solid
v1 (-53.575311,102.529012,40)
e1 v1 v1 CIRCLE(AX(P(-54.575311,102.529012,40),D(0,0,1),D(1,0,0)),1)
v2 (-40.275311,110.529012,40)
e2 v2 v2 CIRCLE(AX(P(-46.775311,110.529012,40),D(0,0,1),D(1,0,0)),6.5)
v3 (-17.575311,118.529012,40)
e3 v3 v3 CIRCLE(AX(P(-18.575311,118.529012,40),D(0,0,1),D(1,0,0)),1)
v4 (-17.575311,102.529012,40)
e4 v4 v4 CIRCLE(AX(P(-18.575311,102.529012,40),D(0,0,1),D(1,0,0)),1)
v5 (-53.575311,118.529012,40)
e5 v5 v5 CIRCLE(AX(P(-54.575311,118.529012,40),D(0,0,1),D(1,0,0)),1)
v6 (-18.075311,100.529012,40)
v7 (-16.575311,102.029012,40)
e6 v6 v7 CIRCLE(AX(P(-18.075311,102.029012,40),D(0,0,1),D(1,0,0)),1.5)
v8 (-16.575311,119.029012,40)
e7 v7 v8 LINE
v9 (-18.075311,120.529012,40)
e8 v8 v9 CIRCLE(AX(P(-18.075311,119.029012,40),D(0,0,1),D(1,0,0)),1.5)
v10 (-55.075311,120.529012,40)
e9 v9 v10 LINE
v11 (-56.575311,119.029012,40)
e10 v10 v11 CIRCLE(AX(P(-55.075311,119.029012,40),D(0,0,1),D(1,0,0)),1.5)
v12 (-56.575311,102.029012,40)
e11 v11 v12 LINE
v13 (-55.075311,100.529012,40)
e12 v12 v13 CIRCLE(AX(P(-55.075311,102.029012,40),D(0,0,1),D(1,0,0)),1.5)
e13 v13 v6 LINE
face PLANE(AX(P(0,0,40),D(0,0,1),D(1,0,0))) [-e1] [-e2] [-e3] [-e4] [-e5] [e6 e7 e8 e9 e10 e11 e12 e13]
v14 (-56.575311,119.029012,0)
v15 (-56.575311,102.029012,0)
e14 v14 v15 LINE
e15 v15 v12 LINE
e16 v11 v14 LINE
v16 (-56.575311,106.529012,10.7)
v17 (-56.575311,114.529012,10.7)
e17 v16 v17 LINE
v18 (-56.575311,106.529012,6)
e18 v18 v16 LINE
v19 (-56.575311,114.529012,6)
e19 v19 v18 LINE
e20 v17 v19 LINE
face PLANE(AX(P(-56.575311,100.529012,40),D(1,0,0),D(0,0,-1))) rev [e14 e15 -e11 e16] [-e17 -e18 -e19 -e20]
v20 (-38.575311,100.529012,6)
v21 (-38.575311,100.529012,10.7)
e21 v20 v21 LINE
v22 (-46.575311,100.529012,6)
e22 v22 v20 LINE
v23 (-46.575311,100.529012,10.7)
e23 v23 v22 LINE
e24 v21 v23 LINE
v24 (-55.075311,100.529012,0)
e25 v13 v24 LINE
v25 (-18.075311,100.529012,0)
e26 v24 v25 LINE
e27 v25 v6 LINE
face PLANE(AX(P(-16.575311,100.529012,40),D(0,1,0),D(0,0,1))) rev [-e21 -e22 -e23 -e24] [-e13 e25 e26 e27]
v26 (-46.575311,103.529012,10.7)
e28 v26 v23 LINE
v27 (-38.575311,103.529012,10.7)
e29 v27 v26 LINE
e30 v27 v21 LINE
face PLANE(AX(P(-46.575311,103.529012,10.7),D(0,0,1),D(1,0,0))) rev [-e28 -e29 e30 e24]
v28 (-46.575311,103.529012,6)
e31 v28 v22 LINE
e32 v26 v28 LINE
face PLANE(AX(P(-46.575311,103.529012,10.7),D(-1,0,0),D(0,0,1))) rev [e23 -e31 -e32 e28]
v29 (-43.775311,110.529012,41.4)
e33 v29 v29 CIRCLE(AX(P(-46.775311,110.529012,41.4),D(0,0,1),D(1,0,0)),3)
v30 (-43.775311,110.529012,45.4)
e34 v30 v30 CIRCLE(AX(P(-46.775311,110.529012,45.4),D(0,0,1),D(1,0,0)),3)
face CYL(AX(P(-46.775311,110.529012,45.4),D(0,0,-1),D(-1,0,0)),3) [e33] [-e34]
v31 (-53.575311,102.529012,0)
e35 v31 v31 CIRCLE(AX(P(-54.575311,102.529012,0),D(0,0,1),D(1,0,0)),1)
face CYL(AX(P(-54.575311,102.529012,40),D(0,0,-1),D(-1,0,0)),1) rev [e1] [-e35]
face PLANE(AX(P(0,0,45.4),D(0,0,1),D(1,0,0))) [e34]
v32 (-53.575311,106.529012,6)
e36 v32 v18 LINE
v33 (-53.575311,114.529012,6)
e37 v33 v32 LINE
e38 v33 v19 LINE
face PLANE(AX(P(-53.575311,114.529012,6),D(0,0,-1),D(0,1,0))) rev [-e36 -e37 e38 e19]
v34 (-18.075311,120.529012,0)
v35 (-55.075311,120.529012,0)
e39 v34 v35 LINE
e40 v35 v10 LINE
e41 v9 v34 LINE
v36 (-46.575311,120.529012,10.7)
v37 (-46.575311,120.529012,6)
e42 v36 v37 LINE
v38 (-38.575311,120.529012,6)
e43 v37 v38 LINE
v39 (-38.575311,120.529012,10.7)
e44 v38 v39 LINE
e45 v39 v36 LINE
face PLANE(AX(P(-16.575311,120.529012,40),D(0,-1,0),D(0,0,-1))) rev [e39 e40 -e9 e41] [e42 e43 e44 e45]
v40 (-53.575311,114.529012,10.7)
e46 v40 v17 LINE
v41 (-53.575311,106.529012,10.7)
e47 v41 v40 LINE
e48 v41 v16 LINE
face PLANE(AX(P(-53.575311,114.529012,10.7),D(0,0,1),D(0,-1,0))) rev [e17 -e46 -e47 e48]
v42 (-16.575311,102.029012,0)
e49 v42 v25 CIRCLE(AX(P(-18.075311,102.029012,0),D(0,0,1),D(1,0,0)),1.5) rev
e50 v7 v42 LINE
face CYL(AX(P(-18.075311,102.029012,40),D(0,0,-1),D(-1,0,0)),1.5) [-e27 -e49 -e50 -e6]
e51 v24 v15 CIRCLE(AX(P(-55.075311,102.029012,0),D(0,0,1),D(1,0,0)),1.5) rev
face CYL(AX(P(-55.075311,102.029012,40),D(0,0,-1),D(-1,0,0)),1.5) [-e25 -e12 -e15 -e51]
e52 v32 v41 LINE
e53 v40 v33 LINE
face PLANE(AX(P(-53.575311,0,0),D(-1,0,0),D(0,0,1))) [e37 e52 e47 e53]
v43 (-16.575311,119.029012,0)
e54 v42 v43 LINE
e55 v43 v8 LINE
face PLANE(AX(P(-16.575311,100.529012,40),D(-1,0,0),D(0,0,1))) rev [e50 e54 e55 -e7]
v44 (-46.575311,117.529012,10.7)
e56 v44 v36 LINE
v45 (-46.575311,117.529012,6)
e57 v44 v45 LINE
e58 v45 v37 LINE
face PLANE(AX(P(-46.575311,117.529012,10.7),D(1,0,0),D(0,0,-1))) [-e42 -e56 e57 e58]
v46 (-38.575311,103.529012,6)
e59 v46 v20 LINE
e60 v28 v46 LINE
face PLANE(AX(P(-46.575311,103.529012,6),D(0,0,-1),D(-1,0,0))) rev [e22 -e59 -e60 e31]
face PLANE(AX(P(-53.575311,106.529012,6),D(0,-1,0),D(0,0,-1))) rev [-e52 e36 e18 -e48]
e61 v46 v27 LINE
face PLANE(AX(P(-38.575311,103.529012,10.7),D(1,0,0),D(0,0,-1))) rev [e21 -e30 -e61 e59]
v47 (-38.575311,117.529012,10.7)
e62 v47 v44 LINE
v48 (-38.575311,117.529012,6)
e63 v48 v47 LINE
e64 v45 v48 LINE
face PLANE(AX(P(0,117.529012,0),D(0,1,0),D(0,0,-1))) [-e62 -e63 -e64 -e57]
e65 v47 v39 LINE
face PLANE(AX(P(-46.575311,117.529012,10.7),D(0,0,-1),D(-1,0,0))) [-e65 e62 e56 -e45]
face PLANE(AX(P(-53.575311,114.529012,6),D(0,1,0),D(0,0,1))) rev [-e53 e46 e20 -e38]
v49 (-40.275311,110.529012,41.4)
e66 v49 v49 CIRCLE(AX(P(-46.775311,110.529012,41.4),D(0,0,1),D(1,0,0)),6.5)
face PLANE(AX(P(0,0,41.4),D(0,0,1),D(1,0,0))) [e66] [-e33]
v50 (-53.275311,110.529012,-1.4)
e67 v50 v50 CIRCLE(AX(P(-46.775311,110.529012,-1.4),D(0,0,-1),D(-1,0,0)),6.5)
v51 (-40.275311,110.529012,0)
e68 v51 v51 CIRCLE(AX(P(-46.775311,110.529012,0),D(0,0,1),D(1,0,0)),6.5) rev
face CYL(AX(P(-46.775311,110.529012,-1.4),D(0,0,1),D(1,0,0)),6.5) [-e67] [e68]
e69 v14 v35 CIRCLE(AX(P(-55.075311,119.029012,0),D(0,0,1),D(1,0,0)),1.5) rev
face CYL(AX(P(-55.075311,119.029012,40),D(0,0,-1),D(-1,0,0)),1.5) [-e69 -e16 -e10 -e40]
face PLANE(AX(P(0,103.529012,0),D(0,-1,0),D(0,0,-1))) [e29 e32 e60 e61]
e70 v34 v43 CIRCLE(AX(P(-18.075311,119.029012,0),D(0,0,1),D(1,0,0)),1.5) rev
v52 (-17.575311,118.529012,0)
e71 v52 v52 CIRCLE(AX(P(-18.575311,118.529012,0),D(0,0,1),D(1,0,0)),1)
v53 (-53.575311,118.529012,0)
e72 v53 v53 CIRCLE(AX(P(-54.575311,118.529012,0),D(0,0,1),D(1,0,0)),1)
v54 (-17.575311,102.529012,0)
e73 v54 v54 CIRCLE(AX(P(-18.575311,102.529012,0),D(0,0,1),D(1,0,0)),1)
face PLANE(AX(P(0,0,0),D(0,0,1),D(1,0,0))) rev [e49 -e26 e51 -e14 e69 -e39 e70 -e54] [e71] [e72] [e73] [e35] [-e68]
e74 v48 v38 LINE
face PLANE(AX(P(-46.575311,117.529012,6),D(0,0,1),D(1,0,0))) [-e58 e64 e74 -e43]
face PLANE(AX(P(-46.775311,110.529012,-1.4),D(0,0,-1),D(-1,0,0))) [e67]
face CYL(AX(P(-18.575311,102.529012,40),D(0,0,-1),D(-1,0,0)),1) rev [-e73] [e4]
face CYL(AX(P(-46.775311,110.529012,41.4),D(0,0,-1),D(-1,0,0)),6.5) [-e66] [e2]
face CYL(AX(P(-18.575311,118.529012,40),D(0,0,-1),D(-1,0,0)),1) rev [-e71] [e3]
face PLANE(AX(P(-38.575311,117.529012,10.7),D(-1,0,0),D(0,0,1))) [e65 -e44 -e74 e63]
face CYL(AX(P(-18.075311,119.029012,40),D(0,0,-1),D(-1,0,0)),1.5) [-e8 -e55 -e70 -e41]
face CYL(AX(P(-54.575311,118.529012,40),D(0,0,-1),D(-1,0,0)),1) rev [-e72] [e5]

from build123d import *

# Parameters (mm, degrees)
SKETCH_1_W          = 40
SKETCH_1_H          = 20
SKETCH_1_R          = 1
EXTRUDE_1_DEPTH     = 40
FILLET_1_R          = 1.5
SKETCH_3_R          = 6.5
EXTRUDE_3_DEPTH     = 1.4
EXTRUDE_START       = 1.4
SKETCH_4_R          = 6.5
EXTRUDE_4_DEPTH     = 1.4
SKETCH_6_R          = 3
EXTRUDE_6_DEPTH     = 4
SKETCH_7_W          = 8
SKETCH_7_H          = 4.7
CUT_EXTRUDE_1_DEPTH = 3
SKETCH_8_W          = 4.7
SKETCH_8_H          = 8
CUT_EXTRUDE_2_DEPTH = 3


with BuildPart() as part:
    # 草图1 → 凸台-拉伸1 (new body)
    with BuildSketch(Plane.XY):
        with Locations((-36.575311459, 110.529011993)):
            Rectangle(SKETCH_1_W, SKETCH_1_H)
        with Locations((-54.575311459, 118.529011993)):
            Circle(SKETCH_1_R, mode=Mode.SUBTRACT)
        with Locations((-54.575311459, 102.529011993)):
            Circle(SKETCH_1_R, mode=Mode.SUBTRACT)
        with Locations((-18.575311459, 102.529011993)):
            Circle(SKETCH_1_R, mode=Mode.SUBTRACT)
        with Locations((-18.575311459, 118.529011993)):
            Circle(SKETCH_1_R, mode=Mode.SUBTRACT)
    extrude(amount=EXTRUDE_1_DEPTH)

    # 圆角1
    fillet_1_edges = [part.edges().sort_by_distance(p)[0] for p in [
        (-16.575311459, 100.529011993, 20),
        (-56.575311459, 100.529011993, 20),
        (-56.575311459, 120.529011993, 20),
        (-16.575311459, 120.529011993, 20),
    ]]
    fillet(fillet_1_edges, radius=FILLET_1_R)

    # 草图3 → 凸台-拉伸3 (add)
    with BuildSketch(Plane.XY.offset(40)):
        with Locations((-46.775311459, 110.529011993)):
            Circle(SKETCH_3_R)
    extrude(amount=EXTRUDE_3_DEPTH)

    # 草图4 → 凸台-拉伸4 (add)
    with BuildSketch(Plane(origin=(0, 0, 0), x_dir=(-1, 0, 0), z_dir=(0, 0, -1)).offset(EXTRUDE_START)):
        with Locations(Location((46.775311459, 110.529011993, 0), (0, 0, 180))):
            Circle(SKETCH_4_R)
    extrude(amount=-EXTRUDE_4_DEPTH)

    # 草图6 → 凸台-拉伸6 (add)
    with BuildSketch(Plane.XY.offset(41.4)):
        with Locations((-46.775311459, 110.529011993)):
            Circle(SKETCH_6_R)
    extrude(amount=EXTRUDE_6_DEPTH)

    # 草图7 → 切除-拉伸1 (cut)
    with BuildSketch(Plane.XZ.offset(-100.529011993)):
        with Locations((-42.575311459, 8.35)):
            Rectangle(SKETCH_7_W, SKETCH_7_H)
    cut_extrude_1 = extrude(amount=-CUT_EXTRUDE_1_DEPTH, mode=Mode.SUBTRACT)

    # 镜向1: 切除-拉伸1 across plane
    add(cut_extrude_1.mirror(Plane(origin=(0, 110.529011993, 0), x_dir=(0, 0, 1), z_dir=(0, -1, 0))), mode=Mode.SUBTRACT)

    # 草图8 → 切除-拉伸2 (cut)
    with BuildSketch(Plane.ZY.offset(56.575311459)):
        with Locations((8.35, 110.529011993)):
            Rectangle(SKETCH_8_W, SKETCH_8_H)
    extrude(amount=-CUT_EXTRUDE_2_DEPTH, mode=Mode.SUBTRACT)


solid = part.part
